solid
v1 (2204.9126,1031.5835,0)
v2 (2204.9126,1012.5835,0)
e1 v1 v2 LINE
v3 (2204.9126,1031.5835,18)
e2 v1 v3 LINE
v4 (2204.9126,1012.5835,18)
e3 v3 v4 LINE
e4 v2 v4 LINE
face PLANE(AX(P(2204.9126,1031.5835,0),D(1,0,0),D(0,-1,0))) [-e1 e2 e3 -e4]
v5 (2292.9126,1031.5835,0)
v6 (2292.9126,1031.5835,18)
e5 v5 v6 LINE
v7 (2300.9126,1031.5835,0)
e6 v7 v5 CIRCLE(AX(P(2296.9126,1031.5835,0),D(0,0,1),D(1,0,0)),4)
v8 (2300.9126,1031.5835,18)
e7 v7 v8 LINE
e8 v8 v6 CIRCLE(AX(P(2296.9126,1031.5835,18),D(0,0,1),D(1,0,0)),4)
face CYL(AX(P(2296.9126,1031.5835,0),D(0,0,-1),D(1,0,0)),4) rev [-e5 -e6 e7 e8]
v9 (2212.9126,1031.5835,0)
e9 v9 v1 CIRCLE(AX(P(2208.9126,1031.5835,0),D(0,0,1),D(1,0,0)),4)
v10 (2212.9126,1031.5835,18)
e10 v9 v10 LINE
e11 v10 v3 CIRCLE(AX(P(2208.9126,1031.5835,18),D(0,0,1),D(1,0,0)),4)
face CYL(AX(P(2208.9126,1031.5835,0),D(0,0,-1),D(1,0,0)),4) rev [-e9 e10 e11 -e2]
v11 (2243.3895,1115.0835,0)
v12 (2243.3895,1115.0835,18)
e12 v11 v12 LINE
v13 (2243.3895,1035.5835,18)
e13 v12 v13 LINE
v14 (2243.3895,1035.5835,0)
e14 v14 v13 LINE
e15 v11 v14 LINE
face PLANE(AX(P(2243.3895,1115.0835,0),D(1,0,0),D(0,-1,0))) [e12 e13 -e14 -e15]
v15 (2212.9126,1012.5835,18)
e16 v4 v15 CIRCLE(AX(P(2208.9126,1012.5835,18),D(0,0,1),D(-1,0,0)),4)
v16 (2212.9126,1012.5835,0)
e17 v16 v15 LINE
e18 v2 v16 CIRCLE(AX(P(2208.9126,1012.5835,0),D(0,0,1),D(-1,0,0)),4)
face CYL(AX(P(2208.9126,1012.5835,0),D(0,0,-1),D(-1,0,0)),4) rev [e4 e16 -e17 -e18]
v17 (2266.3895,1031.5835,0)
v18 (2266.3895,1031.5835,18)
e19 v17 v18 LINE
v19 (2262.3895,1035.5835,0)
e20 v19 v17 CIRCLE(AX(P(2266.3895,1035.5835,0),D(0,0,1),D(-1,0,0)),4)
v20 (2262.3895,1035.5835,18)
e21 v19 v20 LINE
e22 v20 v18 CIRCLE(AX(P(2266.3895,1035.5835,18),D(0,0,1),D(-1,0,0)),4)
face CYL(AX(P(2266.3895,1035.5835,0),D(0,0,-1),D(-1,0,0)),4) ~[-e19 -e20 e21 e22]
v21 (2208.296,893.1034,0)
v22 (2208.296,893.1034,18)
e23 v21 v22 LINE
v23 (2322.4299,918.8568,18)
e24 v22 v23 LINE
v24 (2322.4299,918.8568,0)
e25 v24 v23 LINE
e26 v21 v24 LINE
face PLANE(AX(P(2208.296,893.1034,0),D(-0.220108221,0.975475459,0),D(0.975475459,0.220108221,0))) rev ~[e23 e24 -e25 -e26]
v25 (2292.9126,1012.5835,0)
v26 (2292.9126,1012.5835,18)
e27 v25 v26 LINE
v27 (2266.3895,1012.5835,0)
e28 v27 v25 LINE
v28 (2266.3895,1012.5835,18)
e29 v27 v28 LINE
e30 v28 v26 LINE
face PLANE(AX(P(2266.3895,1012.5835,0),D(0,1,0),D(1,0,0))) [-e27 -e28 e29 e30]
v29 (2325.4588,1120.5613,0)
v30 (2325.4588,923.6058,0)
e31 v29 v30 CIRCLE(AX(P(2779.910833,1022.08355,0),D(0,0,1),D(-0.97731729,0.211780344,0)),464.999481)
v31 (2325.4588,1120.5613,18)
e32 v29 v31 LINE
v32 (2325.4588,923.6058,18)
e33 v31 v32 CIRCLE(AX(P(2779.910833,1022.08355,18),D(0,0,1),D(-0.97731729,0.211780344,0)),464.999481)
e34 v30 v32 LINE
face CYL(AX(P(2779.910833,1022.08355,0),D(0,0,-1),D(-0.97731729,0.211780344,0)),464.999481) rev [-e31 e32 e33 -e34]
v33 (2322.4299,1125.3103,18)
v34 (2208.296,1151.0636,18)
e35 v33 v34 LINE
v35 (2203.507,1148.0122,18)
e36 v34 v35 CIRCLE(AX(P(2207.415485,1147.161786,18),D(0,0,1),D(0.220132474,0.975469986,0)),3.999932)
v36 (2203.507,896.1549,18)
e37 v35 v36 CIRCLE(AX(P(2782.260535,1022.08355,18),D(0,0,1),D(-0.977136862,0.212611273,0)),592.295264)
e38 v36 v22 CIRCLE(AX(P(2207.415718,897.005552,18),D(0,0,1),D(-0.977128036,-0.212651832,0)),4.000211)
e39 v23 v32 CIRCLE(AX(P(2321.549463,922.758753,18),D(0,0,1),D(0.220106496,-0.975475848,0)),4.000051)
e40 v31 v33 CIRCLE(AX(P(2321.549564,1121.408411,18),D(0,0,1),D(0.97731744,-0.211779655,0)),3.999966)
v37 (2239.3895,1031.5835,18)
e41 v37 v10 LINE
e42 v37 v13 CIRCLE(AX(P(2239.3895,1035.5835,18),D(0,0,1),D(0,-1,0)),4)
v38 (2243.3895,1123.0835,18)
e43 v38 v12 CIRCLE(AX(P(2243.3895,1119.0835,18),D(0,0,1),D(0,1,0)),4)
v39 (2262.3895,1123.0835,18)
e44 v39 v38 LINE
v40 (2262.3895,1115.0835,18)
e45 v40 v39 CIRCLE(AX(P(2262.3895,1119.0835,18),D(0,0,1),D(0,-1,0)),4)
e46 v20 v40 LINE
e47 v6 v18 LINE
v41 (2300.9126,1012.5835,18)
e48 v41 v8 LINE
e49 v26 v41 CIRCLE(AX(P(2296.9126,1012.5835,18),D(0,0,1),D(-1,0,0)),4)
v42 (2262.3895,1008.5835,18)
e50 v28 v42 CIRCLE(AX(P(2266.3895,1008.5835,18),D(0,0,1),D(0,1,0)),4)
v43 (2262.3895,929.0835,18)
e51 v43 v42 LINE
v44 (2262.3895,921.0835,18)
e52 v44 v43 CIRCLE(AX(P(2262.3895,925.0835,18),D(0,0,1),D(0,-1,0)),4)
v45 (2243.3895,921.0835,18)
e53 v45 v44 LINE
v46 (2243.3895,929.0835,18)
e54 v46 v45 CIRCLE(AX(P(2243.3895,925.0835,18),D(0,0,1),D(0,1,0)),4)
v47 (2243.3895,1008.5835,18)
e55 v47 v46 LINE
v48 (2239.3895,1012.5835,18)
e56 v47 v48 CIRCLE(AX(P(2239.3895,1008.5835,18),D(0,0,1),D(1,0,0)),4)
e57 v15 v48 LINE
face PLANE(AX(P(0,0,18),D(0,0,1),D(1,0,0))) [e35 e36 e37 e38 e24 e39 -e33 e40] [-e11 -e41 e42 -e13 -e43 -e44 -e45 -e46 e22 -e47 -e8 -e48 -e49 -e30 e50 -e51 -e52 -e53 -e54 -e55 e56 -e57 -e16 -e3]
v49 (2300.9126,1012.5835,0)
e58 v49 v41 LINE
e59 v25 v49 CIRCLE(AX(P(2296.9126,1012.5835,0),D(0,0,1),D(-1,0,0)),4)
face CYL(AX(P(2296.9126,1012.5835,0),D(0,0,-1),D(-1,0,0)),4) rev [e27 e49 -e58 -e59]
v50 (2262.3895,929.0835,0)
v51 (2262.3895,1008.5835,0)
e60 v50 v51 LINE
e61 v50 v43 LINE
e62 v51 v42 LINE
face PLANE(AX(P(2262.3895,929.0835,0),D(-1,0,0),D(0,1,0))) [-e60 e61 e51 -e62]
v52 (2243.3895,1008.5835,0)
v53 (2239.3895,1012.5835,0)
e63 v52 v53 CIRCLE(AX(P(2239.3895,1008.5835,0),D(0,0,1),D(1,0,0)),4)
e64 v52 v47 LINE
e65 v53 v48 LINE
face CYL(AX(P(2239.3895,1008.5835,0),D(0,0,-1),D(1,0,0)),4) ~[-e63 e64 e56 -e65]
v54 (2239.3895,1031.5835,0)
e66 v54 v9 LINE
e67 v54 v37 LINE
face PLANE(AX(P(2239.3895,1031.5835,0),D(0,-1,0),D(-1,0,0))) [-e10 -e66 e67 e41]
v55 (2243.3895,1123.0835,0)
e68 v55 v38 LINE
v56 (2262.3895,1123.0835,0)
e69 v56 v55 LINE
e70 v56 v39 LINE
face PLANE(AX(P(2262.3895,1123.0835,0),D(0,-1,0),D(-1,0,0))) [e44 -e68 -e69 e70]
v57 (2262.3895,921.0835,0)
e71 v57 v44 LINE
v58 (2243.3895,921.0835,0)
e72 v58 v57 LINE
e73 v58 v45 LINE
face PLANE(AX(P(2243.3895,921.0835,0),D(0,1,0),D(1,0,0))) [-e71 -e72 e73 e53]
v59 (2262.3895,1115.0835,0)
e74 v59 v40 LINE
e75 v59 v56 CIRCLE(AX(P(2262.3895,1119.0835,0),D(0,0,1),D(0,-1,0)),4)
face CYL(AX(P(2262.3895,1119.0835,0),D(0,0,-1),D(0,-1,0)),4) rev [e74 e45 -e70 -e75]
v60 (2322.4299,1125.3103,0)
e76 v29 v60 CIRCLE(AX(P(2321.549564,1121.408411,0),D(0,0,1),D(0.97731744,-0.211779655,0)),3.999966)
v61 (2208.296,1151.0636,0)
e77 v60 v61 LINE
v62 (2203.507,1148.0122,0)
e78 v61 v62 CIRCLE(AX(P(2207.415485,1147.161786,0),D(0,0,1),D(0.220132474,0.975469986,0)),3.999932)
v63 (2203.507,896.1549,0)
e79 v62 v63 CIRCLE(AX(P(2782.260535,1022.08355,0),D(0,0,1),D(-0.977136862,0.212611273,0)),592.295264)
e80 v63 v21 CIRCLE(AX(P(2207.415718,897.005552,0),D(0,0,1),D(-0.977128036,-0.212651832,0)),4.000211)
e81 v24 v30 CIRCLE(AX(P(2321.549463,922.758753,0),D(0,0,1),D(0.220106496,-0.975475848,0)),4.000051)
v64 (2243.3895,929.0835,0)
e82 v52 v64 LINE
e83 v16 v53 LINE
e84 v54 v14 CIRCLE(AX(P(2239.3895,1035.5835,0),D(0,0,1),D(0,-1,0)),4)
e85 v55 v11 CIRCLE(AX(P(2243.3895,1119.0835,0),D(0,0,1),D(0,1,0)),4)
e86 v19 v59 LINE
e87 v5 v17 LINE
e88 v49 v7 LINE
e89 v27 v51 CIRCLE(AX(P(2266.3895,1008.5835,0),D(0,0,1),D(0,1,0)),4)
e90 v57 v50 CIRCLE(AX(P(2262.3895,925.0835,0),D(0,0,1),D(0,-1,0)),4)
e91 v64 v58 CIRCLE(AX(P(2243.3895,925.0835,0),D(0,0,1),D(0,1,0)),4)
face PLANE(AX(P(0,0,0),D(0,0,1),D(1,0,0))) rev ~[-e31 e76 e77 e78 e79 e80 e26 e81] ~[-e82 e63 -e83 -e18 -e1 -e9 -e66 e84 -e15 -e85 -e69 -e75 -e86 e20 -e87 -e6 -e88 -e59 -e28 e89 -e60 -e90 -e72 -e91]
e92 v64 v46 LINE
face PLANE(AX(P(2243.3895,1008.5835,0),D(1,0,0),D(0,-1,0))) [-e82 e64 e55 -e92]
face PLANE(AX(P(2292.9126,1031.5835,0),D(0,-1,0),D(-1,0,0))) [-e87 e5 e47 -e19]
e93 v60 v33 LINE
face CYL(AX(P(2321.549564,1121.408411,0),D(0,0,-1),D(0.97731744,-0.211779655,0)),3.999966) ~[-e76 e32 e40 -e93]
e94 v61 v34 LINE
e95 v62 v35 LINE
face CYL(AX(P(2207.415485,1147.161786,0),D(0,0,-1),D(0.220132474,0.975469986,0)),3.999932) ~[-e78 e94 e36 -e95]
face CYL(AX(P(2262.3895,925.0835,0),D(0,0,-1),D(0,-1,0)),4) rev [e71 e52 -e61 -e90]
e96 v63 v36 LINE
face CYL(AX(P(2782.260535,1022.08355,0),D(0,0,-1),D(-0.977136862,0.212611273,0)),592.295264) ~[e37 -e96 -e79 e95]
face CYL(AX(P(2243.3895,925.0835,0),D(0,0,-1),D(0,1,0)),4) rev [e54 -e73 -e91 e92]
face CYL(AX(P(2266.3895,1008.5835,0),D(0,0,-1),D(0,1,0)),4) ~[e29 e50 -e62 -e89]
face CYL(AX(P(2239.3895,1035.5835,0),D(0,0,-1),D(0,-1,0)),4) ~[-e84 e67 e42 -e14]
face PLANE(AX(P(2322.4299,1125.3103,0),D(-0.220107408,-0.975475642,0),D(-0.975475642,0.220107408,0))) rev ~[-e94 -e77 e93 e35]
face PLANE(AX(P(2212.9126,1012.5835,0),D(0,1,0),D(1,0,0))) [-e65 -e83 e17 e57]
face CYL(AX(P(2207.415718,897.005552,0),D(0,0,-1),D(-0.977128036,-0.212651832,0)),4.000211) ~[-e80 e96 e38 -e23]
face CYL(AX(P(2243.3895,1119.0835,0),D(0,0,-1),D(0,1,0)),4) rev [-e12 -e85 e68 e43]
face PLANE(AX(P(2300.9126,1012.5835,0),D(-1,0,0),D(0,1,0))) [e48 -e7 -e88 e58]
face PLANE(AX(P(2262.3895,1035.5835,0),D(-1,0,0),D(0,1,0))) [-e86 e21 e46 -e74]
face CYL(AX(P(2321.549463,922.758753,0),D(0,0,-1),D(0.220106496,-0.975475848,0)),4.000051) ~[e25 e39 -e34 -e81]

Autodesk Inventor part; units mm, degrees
ref_plane "YZ Plane" through (0, 0, 0) normal (1, 0, 0) x (0, 1, 0)
ref_plane "XZ Plane" through (0, 0, 0) normal (0, 1, 0) x (-1, 0, 0)
ref_plane "XY Plane" through (0, 0, 0) normal (0, 0, 1) x (1, 0, 0)
sketch "CONTOURS" plane through (0, 0, 0) normal (0, 0, 1) x (1, 0, 0)
  line L0 (2208.296, 893.1034) -> (2322.4299, 918.8568)
  arc A0 (2322.4299, 918.8568) -> (2325.4588, 923.6058) centre (2321.5495, 922.7587) ccw
  arc A1 (2325.4588, 1120.5613) -> (2325.4588, 923.6058) centre (2779.9113, 1022.0835) ccw
  arc A2 (2325.4588, 1120.5613) -> (2322.4299, 1125.3103) centre (2321.5495, 1121.4084) ccw
  line L1 (2322.4299, 1125.3103) -> (2208.296, 1151.0636)
  arc A3 (2208.296, 1151.0636) -> (2203.507, 1148.0122) centre (2207.4155, 1147.1617) ccw
  arc A4 (2203.507, 1148.0122) -> (2203.507, 896.1549) centre (2782.261, 1022.0835) ccw
  arc A5 (2203.507, 896.1549) -> (2208.296, 893.1034) centre (2207.4155, 897.0054) ccw
sketch "HOLES" plane through (0, 0, 0) normal (0, 0, 1) x (1, 0, 0)
  arc A0 (2243.3895, 1123.0835) -> (2243.3895, 1115.0835) centre (2243.3895, 1119.0835) ccw
  line L0 (2243.3895, 1115.0835) -> (2243.3895, 1035.5835)
  arc A1 (2239.3895, 1031.5835) -> (2243.3895, 1035.5835) centre (2239.3895, 1035.5835) ccw
  line L1 (2239.3895, 1031.5835) -> (2212.9126, 1031.5835)
  arc A2 (2212.9126, 1031.5835) -> (2204.9126, 1031.5835) centre (2208.9126, 1031.5835) ccw
  line L2 (2204.9126, 1031.5835) -> (2204.9126, 1012.5835)
  arc A3 (2204.9126, 1012.5835) -> (2212.9126, 1012.5835) centre (2208.9126, 1012.5835) ccw
  line L3 (2212.9126, 1012.5835) -> (2239.3895, 1012.5835)
  arc A4 (2243.3895, 1008.5835) -> (2239.3895, 1012.5835) centre (2239.3895, 1008.5835) ccw
  line L4 (2243.3895, 1008.5835) -> (2243.3895, 929.0835)
  arc A5 (2243.3895, 929.0835) -> (2243.3895, 921.0835) centre (2243.3895, 925.0835) ccw
  line L5 (2243.3895, 921.0835) -> (2262.3895, 921.0835)
  arc A6 (2262.3895, 921.0835) -> (2262.3895, 929.0835) centre (2262.3895, 925.0835) ccw
  line L6 (2262.3895, 929.0835) -> (2262.3895, 1008.5835)
  arc A7 (2266.3895, 1012.5835) -> (2262.3895, 1008.5835) centre (2266.3895, 1008.5835) ccw
  line L7 (2266.3895, 1012.5835) -> (2292.9126, 1012.5835)
  arc A8 (2292.9126, 1012.5835) -> (2300.9126, 1012.5835) centre (2296.9126, 1012.5835) ccw
  line L8 (2300.9126, 1012.5835) -> (2300.9126, 1031.5835)
  arc A9 (2300.9126, 1031.5835) -> (2292.9126, 1031.5835) centre (2296.9126, 1031.5835) ccw
  line L9 (2292.9126, 1031.5835) -> (2266.3895, 1031.5835)
  arc A10 (2262.3895, 1035.5835) -> (2266.3895, 1031.5835) centre (2266.3895, 1035.5835) ccw
  line L10 (2262.3895, 1035.5835) -> (2262.3895, 1115.0835)
  arc A11 (2262.3895, 1115.0835) -> (2262.3895, 1123.0835) centre (2262.3895, 1119.0835) ccw
  line L11 (2262.3895, 1123.0835) -> (2243.3895, 1123.0835)
extrude "Extrusion5" add sketch "CONTOURS" along normal blind 18
extrude "Extrusion6" cut sketch "HOLES" along normal blind 18
properties part number "Feet" material "Wood (Birch)"
